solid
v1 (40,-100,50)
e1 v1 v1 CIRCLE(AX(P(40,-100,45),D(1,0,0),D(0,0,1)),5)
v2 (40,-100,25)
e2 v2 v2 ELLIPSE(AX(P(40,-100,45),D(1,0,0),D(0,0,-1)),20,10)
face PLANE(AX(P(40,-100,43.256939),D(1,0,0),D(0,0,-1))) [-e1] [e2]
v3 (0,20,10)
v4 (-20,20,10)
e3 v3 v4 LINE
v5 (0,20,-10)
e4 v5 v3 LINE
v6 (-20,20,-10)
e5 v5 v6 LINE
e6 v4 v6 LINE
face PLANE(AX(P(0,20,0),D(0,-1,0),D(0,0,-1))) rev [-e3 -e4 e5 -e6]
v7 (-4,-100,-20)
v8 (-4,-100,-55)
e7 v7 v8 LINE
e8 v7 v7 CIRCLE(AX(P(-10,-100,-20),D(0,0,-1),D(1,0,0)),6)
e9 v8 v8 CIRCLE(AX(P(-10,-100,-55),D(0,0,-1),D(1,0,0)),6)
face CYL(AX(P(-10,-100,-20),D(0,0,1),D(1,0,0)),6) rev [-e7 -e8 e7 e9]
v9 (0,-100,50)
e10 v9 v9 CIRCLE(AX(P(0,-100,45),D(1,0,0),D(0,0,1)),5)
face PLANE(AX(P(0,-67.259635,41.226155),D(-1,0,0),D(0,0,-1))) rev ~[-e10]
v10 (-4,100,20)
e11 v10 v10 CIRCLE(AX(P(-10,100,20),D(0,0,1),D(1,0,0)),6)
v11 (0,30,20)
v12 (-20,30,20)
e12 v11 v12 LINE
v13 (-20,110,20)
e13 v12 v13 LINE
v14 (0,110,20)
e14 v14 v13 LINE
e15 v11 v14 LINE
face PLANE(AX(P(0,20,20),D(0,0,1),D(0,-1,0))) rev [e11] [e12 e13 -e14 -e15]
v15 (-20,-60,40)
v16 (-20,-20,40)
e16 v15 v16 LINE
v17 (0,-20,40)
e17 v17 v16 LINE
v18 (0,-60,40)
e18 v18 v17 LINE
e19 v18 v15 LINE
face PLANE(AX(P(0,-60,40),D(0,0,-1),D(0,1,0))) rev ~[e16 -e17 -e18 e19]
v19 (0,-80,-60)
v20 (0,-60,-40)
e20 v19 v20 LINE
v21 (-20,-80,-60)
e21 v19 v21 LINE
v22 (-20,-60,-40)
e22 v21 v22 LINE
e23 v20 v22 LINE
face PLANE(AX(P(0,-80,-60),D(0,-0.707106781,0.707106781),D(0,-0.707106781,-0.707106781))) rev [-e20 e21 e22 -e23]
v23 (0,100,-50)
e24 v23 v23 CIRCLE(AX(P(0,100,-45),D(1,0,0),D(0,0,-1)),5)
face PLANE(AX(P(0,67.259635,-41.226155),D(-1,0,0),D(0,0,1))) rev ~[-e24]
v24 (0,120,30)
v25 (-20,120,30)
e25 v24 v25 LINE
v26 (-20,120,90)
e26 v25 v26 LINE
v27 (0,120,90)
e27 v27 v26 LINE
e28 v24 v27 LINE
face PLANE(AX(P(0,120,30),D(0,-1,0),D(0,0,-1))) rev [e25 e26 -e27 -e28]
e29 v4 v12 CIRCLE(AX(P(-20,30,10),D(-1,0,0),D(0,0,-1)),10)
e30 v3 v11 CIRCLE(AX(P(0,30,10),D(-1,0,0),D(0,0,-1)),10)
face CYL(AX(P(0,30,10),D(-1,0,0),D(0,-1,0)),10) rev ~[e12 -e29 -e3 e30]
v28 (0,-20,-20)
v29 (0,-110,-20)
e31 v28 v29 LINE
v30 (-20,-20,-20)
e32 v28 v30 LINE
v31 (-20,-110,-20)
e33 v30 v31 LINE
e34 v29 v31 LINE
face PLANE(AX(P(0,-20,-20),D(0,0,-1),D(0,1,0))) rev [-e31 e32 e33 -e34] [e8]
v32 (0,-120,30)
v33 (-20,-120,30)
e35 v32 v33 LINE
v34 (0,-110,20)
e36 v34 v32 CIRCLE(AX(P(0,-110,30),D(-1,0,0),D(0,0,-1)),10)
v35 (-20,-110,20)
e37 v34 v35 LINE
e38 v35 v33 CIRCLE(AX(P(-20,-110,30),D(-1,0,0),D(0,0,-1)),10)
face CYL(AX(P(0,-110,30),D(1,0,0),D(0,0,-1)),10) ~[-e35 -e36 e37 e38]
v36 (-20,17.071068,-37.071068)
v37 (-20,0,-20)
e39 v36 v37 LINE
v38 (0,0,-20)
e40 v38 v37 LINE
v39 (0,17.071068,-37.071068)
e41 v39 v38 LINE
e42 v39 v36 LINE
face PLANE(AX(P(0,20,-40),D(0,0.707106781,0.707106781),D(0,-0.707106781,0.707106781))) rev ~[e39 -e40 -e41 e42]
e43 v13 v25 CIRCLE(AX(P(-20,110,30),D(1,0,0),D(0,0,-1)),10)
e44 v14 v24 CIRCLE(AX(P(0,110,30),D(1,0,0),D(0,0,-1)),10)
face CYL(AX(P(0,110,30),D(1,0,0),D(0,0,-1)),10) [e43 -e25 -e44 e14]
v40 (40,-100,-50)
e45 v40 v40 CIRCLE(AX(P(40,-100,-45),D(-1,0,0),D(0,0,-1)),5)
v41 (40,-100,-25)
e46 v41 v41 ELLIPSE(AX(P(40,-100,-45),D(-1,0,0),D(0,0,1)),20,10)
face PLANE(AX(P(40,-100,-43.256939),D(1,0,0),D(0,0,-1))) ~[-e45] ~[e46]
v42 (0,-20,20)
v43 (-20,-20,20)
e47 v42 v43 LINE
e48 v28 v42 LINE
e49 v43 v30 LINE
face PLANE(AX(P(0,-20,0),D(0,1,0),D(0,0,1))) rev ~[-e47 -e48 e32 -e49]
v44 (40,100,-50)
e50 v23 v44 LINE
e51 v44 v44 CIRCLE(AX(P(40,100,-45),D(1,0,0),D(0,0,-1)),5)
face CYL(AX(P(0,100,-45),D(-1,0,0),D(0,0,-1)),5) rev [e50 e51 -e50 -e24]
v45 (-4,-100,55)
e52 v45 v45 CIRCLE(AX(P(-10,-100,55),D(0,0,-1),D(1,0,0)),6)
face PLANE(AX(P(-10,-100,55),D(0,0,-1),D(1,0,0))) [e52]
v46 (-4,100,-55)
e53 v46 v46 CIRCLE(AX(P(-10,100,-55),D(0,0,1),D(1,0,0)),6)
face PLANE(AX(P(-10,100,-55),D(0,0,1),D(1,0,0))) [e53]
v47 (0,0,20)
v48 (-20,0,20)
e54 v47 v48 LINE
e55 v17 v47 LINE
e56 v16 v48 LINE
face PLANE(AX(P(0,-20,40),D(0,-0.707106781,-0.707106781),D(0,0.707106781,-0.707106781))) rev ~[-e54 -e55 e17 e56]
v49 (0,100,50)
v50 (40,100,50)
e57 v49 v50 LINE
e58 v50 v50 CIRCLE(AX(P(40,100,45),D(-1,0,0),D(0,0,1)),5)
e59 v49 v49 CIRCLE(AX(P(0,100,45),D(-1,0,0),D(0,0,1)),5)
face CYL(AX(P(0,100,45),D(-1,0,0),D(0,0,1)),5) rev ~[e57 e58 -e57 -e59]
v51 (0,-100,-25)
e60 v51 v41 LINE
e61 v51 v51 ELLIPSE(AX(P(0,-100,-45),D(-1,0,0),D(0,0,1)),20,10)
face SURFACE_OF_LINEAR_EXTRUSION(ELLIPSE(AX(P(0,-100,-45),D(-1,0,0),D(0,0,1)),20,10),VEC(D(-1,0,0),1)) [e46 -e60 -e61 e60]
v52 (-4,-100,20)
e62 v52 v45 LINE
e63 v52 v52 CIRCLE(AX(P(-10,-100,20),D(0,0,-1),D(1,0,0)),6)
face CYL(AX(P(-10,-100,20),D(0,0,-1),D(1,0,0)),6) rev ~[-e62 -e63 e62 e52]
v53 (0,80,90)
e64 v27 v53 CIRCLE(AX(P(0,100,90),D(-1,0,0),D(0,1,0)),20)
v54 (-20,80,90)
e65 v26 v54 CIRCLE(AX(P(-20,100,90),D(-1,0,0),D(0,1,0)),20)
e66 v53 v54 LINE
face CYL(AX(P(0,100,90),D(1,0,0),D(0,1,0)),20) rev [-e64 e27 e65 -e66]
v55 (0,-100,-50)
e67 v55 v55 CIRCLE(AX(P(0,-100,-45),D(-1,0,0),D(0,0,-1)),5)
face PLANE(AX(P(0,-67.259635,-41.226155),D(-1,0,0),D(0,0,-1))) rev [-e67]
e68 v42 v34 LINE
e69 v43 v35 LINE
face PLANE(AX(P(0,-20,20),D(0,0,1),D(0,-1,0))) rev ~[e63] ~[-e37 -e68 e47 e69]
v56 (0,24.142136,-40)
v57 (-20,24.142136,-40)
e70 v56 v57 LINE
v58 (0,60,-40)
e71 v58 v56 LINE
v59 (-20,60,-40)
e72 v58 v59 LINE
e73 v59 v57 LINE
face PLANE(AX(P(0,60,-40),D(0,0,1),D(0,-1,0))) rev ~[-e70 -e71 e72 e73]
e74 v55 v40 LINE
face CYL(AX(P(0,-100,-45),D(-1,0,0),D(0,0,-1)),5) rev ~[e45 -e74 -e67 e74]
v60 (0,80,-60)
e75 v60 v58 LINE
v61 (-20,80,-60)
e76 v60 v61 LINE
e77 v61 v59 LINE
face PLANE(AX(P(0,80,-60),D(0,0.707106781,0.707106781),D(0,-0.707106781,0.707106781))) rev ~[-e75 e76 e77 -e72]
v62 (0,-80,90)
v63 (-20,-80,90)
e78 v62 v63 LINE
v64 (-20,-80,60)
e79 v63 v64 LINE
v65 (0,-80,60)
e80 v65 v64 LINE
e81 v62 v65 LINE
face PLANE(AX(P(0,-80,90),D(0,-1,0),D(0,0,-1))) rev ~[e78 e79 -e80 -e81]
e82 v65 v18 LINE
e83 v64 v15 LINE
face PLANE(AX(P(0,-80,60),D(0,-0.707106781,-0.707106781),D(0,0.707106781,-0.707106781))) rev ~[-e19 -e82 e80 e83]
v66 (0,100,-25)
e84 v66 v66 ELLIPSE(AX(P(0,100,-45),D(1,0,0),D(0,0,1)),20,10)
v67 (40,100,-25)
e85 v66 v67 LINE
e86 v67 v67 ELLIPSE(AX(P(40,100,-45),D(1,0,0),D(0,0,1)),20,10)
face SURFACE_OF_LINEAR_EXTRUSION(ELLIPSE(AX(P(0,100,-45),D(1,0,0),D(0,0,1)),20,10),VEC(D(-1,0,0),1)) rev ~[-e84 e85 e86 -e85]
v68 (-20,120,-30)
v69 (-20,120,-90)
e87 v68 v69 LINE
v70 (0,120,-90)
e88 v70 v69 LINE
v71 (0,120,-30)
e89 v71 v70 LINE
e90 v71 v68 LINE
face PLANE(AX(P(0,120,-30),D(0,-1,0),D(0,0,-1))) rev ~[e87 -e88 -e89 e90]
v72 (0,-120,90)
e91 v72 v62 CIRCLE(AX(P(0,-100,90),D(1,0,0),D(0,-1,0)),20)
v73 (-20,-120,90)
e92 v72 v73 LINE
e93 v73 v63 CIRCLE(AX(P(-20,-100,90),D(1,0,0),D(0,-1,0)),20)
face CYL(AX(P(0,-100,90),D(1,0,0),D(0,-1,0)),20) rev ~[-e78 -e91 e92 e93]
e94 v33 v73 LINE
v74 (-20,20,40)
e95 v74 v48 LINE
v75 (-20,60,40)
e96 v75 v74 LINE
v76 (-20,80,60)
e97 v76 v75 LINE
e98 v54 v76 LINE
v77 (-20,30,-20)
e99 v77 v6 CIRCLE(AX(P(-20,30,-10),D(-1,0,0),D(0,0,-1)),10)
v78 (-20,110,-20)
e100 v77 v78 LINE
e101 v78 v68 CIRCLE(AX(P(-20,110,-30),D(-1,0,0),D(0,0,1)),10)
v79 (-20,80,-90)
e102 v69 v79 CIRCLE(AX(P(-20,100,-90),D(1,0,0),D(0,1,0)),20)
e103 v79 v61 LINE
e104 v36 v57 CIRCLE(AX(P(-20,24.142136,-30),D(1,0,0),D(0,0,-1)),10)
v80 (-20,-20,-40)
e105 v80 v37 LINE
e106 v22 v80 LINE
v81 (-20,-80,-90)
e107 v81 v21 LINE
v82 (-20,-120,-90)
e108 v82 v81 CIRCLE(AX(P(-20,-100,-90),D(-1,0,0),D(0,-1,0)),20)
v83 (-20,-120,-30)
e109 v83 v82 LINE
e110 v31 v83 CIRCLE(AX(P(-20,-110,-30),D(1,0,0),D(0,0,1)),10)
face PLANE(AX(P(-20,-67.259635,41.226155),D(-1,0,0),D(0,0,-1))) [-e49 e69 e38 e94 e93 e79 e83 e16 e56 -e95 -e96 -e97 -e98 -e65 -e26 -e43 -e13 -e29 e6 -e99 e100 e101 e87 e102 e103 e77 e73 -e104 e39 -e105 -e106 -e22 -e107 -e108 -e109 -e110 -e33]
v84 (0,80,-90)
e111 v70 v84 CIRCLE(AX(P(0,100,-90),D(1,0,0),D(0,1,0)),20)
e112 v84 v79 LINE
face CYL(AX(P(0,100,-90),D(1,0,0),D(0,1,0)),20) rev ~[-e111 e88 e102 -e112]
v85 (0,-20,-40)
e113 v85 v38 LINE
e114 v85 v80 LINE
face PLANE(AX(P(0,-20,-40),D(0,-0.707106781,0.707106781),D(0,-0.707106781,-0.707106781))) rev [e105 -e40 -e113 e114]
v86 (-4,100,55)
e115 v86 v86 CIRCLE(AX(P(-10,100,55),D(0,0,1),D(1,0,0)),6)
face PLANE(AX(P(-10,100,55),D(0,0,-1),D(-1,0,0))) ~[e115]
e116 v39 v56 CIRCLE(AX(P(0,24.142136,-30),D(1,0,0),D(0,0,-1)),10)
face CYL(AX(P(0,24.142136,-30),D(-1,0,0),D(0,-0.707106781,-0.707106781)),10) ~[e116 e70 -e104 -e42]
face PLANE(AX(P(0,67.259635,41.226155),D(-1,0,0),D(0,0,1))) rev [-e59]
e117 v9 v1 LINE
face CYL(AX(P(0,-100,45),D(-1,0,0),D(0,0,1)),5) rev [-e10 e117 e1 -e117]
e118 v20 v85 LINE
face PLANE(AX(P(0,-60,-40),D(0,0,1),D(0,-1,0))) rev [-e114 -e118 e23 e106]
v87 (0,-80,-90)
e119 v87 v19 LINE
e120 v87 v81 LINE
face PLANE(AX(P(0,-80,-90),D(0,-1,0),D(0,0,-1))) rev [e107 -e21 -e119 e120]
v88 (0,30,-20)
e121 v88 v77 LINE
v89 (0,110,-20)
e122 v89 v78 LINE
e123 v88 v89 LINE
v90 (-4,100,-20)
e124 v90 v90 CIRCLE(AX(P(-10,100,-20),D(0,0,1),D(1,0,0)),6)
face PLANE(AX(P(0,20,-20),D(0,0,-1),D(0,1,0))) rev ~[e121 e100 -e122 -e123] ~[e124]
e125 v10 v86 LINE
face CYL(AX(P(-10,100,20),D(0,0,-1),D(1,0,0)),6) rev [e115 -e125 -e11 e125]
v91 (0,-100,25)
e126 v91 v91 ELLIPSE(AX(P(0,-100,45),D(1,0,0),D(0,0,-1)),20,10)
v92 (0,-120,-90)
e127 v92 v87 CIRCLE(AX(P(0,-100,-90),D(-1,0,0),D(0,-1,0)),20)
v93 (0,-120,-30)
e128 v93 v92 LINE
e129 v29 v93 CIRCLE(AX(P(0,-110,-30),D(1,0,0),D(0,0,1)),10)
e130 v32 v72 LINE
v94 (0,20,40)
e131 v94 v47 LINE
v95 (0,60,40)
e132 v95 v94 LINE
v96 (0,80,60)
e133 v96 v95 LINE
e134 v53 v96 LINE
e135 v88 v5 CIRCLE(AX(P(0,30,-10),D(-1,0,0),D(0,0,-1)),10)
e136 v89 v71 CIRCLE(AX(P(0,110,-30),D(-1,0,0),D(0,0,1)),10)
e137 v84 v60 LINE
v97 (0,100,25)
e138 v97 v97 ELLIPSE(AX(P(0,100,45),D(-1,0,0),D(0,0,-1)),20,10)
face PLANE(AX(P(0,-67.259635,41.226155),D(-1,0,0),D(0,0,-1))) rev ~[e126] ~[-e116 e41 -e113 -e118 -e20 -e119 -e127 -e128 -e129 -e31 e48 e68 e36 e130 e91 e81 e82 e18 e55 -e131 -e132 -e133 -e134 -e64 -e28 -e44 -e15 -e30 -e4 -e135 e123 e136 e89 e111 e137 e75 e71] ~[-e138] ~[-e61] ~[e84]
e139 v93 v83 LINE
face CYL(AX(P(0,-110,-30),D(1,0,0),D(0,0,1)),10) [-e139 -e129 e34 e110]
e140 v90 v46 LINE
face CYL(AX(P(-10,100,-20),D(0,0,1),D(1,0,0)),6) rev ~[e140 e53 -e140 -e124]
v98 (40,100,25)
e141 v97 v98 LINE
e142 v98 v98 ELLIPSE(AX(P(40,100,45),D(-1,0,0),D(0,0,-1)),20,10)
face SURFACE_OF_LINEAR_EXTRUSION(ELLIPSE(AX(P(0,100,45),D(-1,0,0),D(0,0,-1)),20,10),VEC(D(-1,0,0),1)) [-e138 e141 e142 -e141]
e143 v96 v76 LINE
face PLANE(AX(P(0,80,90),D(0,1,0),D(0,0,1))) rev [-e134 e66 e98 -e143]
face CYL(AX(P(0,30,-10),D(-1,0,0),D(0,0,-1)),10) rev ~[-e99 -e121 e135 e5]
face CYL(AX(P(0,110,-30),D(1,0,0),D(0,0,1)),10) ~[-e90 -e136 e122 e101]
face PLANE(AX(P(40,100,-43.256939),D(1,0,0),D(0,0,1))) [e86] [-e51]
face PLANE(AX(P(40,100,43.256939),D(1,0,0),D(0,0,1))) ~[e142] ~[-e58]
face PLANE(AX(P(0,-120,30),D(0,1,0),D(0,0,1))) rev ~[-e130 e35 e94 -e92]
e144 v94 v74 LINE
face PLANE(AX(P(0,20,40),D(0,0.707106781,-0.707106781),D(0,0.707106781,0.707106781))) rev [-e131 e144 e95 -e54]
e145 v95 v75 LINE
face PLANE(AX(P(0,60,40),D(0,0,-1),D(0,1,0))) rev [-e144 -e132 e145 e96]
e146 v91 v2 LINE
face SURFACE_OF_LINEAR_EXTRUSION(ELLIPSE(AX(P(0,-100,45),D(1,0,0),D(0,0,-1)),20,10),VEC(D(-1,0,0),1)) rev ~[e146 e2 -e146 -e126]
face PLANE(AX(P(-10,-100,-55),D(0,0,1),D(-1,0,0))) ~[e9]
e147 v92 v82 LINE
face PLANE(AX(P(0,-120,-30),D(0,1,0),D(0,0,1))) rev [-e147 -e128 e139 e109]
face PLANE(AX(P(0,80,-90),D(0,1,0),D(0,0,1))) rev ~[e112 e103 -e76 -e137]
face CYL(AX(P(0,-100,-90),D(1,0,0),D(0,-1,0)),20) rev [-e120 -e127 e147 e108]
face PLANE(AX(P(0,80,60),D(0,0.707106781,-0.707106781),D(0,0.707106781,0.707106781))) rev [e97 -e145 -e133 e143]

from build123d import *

# Parameters (mm, degrees)
BOSS_EXTRUDE1_DEPTH = 20
SKETCH1_4_RX        = 20
SKETCH1_4_RY        = 10
SKETCH1_4_R         = 5
BOSS_EXTRUDE2_DEPTH = 40
SKETCH2_R           = 6
CUT_EXTRUDE1_DEPTH  = 35
FILLET1_R           = 10


with BuildPart() as part:
    # Sketch1 → Boss-Extrude1 (new body)
    with BuildSketch(Plane(origin=(0, 0, 0), x_dir=(0, 0, -1), z_dir=(1, 0, 0))):
        with BuildLine():
            Line((0, 0), (0, 20))
            Line((0, 20), (20, 20))
            Line((20, 20), (20, 110))
            ThreePointArc((20, 110), (22.928932188, 117.071067812), (30, 120))
            Line((30, 120), (90, 120))
            ThreePointArc((90, 120), (70, 100), (90, 80))
            Line((90, 80), (60, 80))
            Line((60, 80), (40, 60))
            Line((40, 60), (40, 20))
            Line((40, 20), (20, 0))
            Line((20, 0), (0, 0))
        make_face()
    extrude(amount=-BOSS_EXTRUDE1_DEPTH)

    # Sketch1<4> → Boss-Extrude2 (add)
    with BuildSketch(Plane(origin=(0, 0, 0), x_dir=(0, 0, -1), z_dir=(1, 0, 0))):
        with Locations(Location((45, 100), (0, 0, 180))):
            Ellipse(SKETCH1_4_RX, SKETCH1_4_RY)
        with Locations((45, 100)):
            Circle(SKETCH1_4_R, mode=Mode.SUBTRACT)
    extrude(amount=BOSS_EXTRUDE2_DEPTH)

    # Sketch2 → Cut-Extrude1 (cut)
    with BuildSketch(Plane.XY.offset(-20)):
        with Locations((-10, 100)):
            Circle(SKETCH2_R)
    extrude(amount=-CUT_EXTRUDE1_DEPTH, mode=Mode.SUBTRACT)

    # Mirror1: part across plane


with BuildPart() as part_1:
    add(part.part)
    add(part.part.mirror(Plane(origin=(-20, 0, 0), x_dir=(1, 0, 0), z_dir=(0, 0, -1))))

    # Mirror2: part across plane


with BuildPart() as part_2:
    add(part_1.part)
    add(part_1.part.mirror(Plane(origin=(-20, 0, -20), x_dir=(0, 0, 1), z_dir=(0, 1, 0))))

    # Fillet1
    fillet1_edges = [part_2.edges().sort_by_distance(p)[0] for p in [
        (-10, 20, -40),
        (-10, 20, -20),
        (-10, 20, 20),
    ]]
    fillet(fillet1_edges, radius=FILLET1_R)


solid = part_2.part
